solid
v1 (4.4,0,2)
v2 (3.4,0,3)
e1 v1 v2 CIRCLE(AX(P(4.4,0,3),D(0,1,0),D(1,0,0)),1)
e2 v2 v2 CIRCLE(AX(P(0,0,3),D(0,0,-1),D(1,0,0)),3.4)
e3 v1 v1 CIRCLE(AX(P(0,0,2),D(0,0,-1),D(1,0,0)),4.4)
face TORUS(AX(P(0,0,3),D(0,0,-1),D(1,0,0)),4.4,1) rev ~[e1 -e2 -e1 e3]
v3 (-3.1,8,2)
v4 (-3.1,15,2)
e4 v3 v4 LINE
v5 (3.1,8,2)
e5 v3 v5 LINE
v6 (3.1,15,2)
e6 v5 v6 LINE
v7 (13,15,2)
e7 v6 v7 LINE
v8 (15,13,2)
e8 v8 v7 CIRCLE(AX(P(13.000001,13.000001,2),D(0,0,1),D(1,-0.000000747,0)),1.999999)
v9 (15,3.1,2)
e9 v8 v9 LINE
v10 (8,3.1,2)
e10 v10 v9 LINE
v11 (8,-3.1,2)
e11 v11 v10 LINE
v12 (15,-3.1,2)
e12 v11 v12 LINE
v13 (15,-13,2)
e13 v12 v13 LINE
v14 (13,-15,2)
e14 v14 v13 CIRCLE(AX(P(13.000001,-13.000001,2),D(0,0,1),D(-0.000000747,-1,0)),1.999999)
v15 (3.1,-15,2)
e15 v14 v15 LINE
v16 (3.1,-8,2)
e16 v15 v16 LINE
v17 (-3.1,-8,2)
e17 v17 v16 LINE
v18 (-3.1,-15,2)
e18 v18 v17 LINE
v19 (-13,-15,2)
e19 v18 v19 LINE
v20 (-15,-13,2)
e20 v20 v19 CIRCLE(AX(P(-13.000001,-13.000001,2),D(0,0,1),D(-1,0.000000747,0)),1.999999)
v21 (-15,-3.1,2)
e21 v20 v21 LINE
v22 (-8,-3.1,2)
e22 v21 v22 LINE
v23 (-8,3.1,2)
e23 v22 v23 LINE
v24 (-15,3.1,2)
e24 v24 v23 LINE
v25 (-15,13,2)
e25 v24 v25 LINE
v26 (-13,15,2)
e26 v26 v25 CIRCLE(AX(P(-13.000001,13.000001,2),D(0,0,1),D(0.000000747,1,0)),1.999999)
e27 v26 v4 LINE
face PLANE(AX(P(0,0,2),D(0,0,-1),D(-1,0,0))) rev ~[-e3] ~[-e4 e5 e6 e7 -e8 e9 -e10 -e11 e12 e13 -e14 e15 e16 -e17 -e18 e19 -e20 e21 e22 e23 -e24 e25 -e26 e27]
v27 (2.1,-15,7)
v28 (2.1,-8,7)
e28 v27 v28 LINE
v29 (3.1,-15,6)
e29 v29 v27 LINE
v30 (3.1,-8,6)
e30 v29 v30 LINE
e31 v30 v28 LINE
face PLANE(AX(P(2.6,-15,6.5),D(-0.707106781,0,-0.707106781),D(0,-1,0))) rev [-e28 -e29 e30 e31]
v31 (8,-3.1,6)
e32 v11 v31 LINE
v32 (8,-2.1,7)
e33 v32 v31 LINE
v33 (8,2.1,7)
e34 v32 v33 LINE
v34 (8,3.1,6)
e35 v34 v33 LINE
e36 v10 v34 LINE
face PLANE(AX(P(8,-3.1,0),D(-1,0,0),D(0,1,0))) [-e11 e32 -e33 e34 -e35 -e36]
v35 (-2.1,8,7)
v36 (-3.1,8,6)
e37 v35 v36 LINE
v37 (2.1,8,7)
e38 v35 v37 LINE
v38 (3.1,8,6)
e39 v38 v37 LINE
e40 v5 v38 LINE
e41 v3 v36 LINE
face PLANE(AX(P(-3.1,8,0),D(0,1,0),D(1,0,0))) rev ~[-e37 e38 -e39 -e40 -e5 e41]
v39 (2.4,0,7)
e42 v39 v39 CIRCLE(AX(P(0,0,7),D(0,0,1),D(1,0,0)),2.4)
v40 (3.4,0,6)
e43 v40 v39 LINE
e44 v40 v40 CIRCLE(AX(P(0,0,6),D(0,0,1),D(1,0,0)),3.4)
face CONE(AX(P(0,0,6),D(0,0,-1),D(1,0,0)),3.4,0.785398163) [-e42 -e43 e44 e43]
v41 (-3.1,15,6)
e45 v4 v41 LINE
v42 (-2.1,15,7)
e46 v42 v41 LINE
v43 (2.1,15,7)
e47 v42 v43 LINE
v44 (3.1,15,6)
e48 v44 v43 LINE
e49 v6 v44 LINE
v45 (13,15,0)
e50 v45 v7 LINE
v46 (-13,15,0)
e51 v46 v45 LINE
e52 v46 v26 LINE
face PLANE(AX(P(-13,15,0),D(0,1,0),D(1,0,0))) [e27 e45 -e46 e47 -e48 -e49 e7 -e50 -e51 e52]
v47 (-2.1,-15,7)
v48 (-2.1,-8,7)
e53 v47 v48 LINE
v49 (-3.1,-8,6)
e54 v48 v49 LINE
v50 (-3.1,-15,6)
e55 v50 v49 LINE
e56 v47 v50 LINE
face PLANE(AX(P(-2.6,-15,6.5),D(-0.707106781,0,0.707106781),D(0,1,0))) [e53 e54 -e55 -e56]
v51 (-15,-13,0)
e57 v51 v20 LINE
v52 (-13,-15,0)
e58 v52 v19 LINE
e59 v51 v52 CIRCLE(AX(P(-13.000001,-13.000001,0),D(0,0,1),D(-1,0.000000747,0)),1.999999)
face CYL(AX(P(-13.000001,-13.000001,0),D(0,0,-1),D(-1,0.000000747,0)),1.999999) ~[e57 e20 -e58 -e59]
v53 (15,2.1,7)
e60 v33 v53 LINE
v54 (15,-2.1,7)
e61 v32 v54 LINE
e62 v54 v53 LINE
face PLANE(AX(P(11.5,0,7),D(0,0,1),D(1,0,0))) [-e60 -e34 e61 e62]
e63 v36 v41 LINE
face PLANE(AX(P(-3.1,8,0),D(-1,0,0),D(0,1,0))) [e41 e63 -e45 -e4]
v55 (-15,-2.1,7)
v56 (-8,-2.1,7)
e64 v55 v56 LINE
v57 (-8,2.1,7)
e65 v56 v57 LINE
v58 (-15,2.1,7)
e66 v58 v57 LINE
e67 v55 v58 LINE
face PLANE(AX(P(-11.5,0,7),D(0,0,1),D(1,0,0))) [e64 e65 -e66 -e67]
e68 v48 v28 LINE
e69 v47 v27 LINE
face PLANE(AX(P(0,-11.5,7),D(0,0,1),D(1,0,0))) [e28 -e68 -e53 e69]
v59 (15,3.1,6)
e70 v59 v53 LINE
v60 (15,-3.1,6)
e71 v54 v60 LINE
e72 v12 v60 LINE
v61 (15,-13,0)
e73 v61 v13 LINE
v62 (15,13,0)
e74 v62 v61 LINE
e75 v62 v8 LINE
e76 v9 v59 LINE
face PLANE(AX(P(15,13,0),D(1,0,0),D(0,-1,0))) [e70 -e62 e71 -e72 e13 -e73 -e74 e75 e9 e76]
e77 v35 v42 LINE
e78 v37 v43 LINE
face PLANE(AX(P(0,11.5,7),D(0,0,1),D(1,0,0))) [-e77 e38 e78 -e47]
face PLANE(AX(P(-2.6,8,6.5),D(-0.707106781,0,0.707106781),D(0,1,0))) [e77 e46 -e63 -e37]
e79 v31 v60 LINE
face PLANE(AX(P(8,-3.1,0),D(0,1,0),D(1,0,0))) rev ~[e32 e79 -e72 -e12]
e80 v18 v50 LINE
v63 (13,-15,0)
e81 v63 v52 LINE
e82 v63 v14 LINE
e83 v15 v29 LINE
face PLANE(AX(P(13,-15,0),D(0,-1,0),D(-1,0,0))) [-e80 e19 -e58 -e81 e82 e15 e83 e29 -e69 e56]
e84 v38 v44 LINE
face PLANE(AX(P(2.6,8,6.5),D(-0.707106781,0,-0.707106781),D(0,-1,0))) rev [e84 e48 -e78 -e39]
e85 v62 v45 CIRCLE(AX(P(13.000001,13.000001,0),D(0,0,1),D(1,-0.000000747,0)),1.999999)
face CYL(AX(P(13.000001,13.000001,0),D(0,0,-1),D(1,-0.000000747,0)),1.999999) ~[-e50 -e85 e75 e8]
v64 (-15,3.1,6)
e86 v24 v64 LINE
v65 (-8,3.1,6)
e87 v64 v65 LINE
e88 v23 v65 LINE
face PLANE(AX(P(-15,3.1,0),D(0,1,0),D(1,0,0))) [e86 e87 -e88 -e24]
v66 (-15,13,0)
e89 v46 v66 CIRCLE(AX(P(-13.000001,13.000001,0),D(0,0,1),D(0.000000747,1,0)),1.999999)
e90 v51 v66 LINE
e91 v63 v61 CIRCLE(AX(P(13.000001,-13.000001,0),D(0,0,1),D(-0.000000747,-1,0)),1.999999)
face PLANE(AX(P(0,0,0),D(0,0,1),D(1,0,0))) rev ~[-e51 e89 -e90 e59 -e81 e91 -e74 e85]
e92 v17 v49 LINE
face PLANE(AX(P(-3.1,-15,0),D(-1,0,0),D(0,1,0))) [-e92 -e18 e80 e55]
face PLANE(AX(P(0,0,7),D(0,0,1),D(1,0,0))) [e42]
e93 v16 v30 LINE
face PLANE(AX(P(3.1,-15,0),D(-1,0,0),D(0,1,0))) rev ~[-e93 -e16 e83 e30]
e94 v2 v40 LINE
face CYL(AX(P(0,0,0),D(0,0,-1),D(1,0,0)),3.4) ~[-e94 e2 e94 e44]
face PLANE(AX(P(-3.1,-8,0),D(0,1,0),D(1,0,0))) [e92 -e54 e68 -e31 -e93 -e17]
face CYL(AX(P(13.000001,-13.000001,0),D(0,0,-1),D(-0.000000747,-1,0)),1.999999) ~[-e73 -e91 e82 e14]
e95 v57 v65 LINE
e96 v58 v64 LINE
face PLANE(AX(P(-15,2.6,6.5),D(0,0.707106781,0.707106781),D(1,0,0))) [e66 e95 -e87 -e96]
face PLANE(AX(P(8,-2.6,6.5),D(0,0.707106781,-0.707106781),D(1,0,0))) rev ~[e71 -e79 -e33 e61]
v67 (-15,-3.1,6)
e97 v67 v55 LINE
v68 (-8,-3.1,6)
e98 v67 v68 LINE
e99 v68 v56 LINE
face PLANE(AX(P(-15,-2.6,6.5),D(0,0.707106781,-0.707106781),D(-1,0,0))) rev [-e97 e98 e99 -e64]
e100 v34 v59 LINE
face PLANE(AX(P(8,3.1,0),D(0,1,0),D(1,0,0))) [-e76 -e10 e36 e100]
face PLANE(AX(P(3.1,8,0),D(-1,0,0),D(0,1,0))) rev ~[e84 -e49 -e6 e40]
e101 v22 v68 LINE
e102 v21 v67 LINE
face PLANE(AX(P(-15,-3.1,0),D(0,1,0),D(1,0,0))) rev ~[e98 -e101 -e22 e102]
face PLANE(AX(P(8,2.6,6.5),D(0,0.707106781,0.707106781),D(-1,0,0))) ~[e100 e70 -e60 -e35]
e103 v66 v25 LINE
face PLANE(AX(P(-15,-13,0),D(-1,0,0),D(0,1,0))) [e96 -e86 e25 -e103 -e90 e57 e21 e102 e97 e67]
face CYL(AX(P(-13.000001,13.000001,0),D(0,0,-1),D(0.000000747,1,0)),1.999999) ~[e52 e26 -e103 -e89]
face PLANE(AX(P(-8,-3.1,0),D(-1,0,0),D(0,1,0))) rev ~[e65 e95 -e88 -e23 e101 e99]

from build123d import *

# Parameters (mm, degrees)
PAD_DEPTH     = 2
SKETCH001_R   = 3.4
SKETCH001_W   = 7
SKETCH001_H   = 6.2
SKETCH001_W_2 = 6.2
SKETCH001_H_2 = 7
PAD001_DEPTH  = 7
CHAMFER_SIZE  = 1
FILLET_R      = 1


with BuildPart() as part:
    # Sketch → Pad (new body)
    with BuildSketch(Plane.XY):
        with BuildLine():
            Line((-13, 15), (13, 15))
            ThreePointArc((15, 13), (14.414214, 14.414214), (13, 15))
            Line((15, 13), (15, -13))
            ThreePointArc((13, -15), (14.414214, -14.414214), (15, -13))
            Line((13, -15), (-13, -15))
            ThreePointArc((-15, -13), (-14.414214, -14.414214), (-13, -15))
            Line((-15, -13), (-15, 13))
            ThreePointArc((-13, 15), (-14.414214, 14.414214), (-15, 13))
        make_face()
    extrude(amount=PAD_DEPTH)

    # Sketch001 → Pad001 (join)
    with BuildSketch(Plane.XY):
        Circle(SKETCH001_R)
        with Locations((-11.5, 0)):
            Rectangle(SKETCH001_W, SKETCH001_H)
        with Locations((0, -11.5)):
            Rectangle(SKETCH001_W_2, SKETCH001_H_2)
        with Locations((11.5, 0)):
            Rectangle(SKETCH001_W, SKETCH001_H)
        with Locations((0, 11.5)):
            Rectangle(SKETCH001_W_2, SKETCH001_H_2)
    extrude(amount=PAD001_DEPTH)

    # Chamfer
    chamfer_edges = [part.edges().sort_by_distance(p)[0] for p in [
        (-3.4, 0, 7),
        (-11.5, -3.1, 7),
        (-11.5, 3.1, 7),
        (-3.1, 11.5, 7),
        (3.1, 11.5, 7),
        (11.5, 3.1, 7),
        (11.5, -3.1, 7),
        (3.1, -11.5, 7),
        (-3.1, -11.5, 7),
    ]]
    chamfer(chamfer_edges, length=CHAMFER_SIZE)

    # Fillet
    fillet_edges = [part.edges().sort_by_distance(p)[0] for p in [
        (-3.4, 0, 2),
    ]]
    fillet(fillet_edges, radius=FILLET_R)


solid = part.part
